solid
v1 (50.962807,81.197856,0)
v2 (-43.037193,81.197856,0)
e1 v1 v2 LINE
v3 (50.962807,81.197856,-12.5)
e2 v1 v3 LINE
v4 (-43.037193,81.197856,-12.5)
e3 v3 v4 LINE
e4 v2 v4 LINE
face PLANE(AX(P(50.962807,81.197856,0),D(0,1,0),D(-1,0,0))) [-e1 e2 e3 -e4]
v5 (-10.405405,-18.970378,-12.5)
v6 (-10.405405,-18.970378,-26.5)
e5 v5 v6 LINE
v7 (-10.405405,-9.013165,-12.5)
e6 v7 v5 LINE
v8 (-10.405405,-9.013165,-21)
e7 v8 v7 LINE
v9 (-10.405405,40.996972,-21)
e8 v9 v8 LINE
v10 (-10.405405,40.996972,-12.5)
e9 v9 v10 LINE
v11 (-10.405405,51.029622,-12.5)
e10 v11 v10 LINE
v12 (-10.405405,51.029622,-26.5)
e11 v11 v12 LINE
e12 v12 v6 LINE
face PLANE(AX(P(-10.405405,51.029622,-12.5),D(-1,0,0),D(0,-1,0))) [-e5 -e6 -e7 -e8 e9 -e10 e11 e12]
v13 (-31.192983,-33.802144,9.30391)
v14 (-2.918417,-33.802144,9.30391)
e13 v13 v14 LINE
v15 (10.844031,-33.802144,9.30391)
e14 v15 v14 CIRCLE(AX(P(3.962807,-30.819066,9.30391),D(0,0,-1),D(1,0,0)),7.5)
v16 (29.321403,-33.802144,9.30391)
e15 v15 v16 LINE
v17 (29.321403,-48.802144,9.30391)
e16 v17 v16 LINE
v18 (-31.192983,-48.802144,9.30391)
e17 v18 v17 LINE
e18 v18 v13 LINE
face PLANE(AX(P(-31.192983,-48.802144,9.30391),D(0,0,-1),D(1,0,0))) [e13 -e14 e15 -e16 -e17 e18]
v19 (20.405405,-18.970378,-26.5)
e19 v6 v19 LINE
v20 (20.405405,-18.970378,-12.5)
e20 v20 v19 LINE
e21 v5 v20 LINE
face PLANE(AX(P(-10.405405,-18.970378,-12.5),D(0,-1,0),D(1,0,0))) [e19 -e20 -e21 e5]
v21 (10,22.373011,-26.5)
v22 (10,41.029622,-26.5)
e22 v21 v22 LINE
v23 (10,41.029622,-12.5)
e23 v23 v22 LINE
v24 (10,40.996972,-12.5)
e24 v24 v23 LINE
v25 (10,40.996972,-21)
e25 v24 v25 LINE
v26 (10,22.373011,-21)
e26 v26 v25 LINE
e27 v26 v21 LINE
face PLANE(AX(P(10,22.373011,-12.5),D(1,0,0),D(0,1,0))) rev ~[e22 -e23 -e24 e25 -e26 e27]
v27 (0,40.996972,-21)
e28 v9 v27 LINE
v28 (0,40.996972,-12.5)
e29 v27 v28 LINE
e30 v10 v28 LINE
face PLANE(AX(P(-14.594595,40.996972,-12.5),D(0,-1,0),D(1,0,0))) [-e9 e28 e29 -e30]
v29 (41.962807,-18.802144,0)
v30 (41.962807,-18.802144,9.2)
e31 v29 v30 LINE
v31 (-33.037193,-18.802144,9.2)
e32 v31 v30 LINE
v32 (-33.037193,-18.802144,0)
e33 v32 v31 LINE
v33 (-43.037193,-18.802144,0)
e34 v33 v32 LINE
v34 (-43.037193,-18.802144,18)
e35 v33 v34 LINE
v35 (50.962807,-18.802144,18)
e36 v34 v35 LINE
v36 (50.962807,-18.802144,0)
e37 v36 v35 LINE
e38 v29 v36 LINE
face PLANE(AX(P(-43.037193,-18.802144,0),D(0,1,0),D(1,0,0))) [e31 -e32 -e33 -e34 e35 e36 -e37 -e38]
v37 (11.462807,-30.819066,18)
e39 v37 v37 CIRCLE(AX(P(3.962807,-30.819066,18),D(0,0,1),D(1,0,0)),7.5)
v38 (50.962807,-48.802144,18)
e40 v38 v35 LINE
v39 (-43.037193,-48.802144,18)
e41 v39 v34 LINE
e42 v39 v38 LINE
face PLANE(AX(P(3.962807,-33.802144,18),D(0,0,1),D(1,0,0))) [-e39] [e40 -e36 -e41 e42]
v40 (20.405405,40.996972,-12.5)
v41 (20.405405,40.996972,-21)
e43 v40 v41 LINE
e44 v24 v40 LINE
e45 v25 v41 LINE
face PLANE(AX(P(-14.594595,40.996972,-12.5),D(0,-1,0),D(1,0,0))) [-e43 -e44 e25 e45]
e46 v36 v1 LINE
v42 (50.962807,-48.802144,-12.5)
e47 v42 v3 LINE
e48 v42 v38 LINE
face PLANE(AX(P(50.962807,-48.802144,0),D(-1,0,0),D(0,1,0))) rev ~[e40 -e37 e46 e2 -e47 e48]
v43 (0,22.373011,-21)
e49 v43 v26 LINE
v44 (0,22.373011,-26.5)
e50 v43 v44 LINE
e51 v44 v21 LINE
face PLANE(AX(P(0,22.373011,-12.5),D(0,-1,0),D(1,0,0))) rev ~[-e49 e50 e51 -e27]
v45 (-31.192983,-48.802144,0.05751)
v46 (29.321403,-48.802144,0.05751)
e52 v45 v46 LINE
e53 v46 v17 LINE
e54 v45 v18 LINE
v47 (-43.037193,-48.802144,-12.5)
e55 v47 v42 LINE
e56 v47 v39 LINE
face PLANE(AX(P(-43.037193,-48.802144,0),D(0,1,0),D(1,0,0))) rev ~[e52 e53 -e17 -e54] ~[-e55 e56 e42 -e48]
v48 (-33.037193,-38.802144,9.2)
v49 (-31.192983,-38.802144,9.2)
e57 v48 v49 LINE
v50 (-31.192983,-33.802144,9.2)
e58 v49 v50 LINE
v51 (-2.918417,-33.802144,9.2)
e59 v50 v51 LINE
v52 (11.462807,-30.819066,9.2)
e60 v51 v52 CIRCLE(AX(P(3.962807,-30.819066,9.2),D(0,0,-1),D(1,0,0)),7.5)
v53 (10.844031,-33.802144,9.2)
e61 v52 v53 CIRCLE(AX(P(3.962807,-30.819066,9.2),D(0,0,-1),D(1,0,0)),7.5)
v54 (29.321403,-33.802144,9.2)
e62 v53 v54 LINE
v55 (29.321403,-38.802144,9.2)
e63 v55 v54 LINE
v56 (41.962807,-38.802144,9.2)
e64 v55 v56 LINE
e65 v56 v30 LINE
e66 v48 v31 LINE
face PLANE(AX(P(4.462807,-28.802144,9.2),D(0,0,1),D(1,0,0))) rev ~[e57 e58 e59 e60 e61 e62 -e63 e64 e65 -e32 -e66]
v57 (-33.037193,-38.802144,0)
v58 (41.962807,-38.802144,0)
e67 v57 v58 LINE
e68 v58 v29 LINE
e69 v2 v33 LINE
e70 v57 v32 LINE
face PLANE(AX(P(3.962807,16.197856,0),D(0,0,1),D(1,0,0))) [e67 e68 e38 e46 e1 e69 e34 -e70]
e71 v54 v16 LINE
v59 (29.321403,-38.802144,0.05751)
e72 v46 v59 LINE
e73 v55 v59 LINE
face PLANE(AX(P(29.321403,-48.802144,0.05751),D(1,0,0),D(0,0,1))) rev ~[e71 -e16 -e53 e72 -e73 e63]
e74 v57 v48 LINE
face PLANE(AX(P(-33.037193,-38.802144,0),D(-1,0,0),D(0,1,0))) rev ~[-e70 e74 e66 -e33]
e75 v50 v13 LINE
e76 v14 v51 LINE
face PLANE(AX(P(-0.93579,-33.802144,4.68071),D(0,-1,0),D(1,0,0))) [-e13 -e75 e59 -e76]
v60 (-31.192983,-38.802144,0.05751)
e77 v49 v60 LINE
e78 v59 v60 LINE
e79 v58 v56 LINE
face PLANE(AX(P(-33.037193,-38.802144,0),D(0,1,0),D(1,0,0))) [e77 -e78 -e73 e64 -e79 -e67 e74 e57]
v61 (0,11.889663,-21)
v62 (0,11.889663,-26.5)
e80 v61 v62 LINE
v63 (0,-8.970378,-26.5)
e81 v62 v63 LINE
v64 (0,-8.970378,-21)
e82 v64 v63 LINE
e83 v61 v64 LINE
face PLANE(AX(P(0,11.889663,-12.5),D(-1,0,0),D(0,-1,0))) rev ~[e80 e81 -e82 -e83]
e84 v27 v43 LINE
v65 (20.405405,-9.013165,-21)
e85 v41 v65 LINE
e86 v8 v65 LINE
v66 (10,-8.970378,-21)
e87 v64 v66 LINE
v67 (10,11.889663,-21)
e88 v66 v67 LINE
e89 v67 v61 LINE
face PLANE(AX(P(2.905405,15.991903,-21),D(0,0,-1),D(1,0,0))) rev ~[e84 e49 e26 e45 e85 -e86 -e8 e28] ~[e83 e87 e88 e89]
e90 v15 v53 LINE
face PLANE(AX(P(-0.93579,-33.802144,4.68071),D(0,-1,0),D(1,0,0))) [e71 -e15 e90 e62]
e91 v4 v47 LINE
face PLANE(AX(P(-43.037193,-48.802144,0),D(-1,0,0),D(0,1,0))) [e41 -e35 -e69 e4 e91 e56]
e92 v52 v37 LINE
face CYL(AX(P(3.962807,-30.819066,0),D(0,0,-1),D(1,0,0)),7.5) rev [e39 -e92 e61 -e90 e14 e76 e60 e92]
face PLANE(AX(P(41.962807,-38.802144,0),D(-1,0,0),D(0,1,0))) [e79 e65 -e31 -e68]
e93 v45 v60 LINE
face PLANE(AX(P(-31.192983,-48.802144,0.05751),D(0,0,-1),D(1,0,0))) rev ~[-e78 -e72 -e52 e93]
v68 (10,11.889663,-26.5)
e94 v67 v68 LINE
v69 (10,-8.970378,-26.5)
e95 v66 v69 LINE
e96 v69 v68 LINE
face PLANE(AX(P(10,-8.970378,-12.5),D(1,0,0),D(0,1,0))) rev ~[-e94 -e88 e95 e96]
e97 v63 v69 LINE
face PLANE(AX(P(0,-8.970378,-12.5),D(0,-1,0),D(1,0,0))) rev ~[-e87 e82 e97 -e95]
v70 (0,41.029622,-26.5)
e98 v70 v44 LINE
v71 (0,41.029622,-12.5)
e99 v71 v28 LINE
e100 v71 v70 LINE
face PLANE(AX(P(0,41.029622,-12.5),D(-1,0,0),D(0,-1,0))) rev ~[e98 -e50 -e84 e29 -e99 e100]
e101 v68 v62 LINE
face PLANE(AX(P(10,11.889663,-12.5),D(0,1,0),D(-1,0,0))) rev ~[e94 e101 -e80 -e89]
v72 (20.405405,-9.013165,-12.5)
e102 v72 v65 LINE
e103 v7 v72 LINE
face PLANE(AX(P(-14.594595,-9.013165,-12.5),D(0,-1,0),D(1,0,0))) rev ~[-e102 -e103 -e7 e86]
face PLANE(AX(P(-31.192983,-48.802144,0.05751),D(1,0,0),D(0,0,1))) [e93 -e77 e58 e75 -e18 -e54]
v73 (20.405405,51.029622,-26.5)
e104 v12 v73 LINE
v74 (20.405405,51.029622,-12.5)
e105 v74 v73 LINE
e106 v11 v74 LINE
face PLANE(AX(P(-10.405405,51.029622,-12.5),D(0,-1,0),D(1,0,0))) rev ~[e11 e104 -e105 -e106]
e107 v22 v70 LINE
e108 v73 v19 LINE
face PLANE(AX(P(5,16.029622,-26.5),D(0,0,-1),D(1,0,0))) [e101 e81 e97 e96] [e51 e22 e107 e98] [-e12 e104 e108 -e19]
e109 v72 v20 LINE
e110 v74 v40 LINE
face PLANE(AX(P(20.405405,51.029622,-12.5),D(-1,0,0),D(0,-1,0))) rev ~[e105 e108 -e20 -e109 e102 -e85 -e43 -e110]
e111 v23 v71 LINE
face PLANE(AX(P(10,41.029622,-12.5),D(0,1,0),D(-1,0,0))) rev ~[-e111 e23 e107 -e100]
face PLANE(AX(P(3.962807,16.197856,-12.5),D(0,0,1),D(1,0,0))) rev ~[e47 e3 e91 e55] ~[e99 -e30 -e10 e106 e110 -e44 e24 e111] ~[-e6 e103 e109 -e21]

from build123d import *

# Parameters (mm, degrees)
F2_DEPTH  = 12.5
F3_W      = 94
F3_H      = 30
F3_R      = 7.5
F4_DEPTH  = 18
F0_W      = 75
F0_H      = 20
F5_DEPTH  = 9.2
F6_W      = 30.81081
F6_H      = 70
F7_DEPTH  = 14
F8_W      = 35
F8_H      = 50.010137
F9_DEPTH  = 8.5
F10_W     = 60.514386
F10_H     = 9.2464
F11_DEPTH = 15


with BuildPart() as f2:
    # F1 (on Top) → F2 (new body)
    with BuildSketch(Plane.XY):
        Polygon((50.962807, 81.197856), (-43.037193, 81.197856), (-43.037193, 16.197856), (-43.037193, 11.091857), (-43.037193, -48.802144), (50.962807, -48.802144), align=None)
    extrude(amount=-F2_DEPTH)

    # F3 (on face) → F4 (join)
    with BuildSketch(Plane.XY):
        with Locations((3.962807, -33.802144)):
            Rectangle(F3_W, F3_H)
        with Locations((3.962807, -30.819066)):
            Circle(F3_R, mode=Mode.SUBTRACT)
    extrude(amount=F4_DEPTH)

    # F0 (on Top) → F5 (cut)
    with BuildSketch(Plane.XY):
        with Locations((4.462807, -28.802144)):
            Rectangle(F0_W, F0_H)
    extrude(amount=F5_DEPTH, mode=Mode.SUBTRACT)

    # F6 (on face) → F7 (join)
    with BuildSketch(Plane(origin=(0, 0, -12.5), x_dir=(1, 0, 0), z_dir=(0, 0, -1))):
        with Locations((5, -16.029622)):
            Rectangle(F6_W, F6_H)
        Polygon((10, -41.029622), (5, -41.029622), (0, -41.029622), (0, -22.373011), (10, -22.373011), align=None, mode=Mode.SUBTRACT)
        Polygon((0, 8.970378), (5, 8.970378), (10, 8.970378), (10, -11.889663), (0, -11.889663), align=None, mode=Mode.SUBTRACT)
    extrude(amount=F7_DEPTH)

    # F8 (on face) → F9 (cut)
    with BuildSketch(Plane(origin=(0, 0, -12.5), x_dir=(1, 0, 0), z_dir=(0, 0, -1))):
        with Locations((2.905405, -15.991903)):
            Rectangle(F8_W, F8_H)
    extrude(amount=F9_DEPTH, mode=Mode.SUBTRACT)

    # F10 (on face) → F11 (cut)
    with BuildSketch(Plane.XZ.offset(48.802144)):
        with Locations((-0.93579, 4.68071)):
            Rectangle(F10_W, F10_H)
    extrude(amount=-F11_DEPTH, mode=Mode.SUBTRACT)


solid = f2.part
